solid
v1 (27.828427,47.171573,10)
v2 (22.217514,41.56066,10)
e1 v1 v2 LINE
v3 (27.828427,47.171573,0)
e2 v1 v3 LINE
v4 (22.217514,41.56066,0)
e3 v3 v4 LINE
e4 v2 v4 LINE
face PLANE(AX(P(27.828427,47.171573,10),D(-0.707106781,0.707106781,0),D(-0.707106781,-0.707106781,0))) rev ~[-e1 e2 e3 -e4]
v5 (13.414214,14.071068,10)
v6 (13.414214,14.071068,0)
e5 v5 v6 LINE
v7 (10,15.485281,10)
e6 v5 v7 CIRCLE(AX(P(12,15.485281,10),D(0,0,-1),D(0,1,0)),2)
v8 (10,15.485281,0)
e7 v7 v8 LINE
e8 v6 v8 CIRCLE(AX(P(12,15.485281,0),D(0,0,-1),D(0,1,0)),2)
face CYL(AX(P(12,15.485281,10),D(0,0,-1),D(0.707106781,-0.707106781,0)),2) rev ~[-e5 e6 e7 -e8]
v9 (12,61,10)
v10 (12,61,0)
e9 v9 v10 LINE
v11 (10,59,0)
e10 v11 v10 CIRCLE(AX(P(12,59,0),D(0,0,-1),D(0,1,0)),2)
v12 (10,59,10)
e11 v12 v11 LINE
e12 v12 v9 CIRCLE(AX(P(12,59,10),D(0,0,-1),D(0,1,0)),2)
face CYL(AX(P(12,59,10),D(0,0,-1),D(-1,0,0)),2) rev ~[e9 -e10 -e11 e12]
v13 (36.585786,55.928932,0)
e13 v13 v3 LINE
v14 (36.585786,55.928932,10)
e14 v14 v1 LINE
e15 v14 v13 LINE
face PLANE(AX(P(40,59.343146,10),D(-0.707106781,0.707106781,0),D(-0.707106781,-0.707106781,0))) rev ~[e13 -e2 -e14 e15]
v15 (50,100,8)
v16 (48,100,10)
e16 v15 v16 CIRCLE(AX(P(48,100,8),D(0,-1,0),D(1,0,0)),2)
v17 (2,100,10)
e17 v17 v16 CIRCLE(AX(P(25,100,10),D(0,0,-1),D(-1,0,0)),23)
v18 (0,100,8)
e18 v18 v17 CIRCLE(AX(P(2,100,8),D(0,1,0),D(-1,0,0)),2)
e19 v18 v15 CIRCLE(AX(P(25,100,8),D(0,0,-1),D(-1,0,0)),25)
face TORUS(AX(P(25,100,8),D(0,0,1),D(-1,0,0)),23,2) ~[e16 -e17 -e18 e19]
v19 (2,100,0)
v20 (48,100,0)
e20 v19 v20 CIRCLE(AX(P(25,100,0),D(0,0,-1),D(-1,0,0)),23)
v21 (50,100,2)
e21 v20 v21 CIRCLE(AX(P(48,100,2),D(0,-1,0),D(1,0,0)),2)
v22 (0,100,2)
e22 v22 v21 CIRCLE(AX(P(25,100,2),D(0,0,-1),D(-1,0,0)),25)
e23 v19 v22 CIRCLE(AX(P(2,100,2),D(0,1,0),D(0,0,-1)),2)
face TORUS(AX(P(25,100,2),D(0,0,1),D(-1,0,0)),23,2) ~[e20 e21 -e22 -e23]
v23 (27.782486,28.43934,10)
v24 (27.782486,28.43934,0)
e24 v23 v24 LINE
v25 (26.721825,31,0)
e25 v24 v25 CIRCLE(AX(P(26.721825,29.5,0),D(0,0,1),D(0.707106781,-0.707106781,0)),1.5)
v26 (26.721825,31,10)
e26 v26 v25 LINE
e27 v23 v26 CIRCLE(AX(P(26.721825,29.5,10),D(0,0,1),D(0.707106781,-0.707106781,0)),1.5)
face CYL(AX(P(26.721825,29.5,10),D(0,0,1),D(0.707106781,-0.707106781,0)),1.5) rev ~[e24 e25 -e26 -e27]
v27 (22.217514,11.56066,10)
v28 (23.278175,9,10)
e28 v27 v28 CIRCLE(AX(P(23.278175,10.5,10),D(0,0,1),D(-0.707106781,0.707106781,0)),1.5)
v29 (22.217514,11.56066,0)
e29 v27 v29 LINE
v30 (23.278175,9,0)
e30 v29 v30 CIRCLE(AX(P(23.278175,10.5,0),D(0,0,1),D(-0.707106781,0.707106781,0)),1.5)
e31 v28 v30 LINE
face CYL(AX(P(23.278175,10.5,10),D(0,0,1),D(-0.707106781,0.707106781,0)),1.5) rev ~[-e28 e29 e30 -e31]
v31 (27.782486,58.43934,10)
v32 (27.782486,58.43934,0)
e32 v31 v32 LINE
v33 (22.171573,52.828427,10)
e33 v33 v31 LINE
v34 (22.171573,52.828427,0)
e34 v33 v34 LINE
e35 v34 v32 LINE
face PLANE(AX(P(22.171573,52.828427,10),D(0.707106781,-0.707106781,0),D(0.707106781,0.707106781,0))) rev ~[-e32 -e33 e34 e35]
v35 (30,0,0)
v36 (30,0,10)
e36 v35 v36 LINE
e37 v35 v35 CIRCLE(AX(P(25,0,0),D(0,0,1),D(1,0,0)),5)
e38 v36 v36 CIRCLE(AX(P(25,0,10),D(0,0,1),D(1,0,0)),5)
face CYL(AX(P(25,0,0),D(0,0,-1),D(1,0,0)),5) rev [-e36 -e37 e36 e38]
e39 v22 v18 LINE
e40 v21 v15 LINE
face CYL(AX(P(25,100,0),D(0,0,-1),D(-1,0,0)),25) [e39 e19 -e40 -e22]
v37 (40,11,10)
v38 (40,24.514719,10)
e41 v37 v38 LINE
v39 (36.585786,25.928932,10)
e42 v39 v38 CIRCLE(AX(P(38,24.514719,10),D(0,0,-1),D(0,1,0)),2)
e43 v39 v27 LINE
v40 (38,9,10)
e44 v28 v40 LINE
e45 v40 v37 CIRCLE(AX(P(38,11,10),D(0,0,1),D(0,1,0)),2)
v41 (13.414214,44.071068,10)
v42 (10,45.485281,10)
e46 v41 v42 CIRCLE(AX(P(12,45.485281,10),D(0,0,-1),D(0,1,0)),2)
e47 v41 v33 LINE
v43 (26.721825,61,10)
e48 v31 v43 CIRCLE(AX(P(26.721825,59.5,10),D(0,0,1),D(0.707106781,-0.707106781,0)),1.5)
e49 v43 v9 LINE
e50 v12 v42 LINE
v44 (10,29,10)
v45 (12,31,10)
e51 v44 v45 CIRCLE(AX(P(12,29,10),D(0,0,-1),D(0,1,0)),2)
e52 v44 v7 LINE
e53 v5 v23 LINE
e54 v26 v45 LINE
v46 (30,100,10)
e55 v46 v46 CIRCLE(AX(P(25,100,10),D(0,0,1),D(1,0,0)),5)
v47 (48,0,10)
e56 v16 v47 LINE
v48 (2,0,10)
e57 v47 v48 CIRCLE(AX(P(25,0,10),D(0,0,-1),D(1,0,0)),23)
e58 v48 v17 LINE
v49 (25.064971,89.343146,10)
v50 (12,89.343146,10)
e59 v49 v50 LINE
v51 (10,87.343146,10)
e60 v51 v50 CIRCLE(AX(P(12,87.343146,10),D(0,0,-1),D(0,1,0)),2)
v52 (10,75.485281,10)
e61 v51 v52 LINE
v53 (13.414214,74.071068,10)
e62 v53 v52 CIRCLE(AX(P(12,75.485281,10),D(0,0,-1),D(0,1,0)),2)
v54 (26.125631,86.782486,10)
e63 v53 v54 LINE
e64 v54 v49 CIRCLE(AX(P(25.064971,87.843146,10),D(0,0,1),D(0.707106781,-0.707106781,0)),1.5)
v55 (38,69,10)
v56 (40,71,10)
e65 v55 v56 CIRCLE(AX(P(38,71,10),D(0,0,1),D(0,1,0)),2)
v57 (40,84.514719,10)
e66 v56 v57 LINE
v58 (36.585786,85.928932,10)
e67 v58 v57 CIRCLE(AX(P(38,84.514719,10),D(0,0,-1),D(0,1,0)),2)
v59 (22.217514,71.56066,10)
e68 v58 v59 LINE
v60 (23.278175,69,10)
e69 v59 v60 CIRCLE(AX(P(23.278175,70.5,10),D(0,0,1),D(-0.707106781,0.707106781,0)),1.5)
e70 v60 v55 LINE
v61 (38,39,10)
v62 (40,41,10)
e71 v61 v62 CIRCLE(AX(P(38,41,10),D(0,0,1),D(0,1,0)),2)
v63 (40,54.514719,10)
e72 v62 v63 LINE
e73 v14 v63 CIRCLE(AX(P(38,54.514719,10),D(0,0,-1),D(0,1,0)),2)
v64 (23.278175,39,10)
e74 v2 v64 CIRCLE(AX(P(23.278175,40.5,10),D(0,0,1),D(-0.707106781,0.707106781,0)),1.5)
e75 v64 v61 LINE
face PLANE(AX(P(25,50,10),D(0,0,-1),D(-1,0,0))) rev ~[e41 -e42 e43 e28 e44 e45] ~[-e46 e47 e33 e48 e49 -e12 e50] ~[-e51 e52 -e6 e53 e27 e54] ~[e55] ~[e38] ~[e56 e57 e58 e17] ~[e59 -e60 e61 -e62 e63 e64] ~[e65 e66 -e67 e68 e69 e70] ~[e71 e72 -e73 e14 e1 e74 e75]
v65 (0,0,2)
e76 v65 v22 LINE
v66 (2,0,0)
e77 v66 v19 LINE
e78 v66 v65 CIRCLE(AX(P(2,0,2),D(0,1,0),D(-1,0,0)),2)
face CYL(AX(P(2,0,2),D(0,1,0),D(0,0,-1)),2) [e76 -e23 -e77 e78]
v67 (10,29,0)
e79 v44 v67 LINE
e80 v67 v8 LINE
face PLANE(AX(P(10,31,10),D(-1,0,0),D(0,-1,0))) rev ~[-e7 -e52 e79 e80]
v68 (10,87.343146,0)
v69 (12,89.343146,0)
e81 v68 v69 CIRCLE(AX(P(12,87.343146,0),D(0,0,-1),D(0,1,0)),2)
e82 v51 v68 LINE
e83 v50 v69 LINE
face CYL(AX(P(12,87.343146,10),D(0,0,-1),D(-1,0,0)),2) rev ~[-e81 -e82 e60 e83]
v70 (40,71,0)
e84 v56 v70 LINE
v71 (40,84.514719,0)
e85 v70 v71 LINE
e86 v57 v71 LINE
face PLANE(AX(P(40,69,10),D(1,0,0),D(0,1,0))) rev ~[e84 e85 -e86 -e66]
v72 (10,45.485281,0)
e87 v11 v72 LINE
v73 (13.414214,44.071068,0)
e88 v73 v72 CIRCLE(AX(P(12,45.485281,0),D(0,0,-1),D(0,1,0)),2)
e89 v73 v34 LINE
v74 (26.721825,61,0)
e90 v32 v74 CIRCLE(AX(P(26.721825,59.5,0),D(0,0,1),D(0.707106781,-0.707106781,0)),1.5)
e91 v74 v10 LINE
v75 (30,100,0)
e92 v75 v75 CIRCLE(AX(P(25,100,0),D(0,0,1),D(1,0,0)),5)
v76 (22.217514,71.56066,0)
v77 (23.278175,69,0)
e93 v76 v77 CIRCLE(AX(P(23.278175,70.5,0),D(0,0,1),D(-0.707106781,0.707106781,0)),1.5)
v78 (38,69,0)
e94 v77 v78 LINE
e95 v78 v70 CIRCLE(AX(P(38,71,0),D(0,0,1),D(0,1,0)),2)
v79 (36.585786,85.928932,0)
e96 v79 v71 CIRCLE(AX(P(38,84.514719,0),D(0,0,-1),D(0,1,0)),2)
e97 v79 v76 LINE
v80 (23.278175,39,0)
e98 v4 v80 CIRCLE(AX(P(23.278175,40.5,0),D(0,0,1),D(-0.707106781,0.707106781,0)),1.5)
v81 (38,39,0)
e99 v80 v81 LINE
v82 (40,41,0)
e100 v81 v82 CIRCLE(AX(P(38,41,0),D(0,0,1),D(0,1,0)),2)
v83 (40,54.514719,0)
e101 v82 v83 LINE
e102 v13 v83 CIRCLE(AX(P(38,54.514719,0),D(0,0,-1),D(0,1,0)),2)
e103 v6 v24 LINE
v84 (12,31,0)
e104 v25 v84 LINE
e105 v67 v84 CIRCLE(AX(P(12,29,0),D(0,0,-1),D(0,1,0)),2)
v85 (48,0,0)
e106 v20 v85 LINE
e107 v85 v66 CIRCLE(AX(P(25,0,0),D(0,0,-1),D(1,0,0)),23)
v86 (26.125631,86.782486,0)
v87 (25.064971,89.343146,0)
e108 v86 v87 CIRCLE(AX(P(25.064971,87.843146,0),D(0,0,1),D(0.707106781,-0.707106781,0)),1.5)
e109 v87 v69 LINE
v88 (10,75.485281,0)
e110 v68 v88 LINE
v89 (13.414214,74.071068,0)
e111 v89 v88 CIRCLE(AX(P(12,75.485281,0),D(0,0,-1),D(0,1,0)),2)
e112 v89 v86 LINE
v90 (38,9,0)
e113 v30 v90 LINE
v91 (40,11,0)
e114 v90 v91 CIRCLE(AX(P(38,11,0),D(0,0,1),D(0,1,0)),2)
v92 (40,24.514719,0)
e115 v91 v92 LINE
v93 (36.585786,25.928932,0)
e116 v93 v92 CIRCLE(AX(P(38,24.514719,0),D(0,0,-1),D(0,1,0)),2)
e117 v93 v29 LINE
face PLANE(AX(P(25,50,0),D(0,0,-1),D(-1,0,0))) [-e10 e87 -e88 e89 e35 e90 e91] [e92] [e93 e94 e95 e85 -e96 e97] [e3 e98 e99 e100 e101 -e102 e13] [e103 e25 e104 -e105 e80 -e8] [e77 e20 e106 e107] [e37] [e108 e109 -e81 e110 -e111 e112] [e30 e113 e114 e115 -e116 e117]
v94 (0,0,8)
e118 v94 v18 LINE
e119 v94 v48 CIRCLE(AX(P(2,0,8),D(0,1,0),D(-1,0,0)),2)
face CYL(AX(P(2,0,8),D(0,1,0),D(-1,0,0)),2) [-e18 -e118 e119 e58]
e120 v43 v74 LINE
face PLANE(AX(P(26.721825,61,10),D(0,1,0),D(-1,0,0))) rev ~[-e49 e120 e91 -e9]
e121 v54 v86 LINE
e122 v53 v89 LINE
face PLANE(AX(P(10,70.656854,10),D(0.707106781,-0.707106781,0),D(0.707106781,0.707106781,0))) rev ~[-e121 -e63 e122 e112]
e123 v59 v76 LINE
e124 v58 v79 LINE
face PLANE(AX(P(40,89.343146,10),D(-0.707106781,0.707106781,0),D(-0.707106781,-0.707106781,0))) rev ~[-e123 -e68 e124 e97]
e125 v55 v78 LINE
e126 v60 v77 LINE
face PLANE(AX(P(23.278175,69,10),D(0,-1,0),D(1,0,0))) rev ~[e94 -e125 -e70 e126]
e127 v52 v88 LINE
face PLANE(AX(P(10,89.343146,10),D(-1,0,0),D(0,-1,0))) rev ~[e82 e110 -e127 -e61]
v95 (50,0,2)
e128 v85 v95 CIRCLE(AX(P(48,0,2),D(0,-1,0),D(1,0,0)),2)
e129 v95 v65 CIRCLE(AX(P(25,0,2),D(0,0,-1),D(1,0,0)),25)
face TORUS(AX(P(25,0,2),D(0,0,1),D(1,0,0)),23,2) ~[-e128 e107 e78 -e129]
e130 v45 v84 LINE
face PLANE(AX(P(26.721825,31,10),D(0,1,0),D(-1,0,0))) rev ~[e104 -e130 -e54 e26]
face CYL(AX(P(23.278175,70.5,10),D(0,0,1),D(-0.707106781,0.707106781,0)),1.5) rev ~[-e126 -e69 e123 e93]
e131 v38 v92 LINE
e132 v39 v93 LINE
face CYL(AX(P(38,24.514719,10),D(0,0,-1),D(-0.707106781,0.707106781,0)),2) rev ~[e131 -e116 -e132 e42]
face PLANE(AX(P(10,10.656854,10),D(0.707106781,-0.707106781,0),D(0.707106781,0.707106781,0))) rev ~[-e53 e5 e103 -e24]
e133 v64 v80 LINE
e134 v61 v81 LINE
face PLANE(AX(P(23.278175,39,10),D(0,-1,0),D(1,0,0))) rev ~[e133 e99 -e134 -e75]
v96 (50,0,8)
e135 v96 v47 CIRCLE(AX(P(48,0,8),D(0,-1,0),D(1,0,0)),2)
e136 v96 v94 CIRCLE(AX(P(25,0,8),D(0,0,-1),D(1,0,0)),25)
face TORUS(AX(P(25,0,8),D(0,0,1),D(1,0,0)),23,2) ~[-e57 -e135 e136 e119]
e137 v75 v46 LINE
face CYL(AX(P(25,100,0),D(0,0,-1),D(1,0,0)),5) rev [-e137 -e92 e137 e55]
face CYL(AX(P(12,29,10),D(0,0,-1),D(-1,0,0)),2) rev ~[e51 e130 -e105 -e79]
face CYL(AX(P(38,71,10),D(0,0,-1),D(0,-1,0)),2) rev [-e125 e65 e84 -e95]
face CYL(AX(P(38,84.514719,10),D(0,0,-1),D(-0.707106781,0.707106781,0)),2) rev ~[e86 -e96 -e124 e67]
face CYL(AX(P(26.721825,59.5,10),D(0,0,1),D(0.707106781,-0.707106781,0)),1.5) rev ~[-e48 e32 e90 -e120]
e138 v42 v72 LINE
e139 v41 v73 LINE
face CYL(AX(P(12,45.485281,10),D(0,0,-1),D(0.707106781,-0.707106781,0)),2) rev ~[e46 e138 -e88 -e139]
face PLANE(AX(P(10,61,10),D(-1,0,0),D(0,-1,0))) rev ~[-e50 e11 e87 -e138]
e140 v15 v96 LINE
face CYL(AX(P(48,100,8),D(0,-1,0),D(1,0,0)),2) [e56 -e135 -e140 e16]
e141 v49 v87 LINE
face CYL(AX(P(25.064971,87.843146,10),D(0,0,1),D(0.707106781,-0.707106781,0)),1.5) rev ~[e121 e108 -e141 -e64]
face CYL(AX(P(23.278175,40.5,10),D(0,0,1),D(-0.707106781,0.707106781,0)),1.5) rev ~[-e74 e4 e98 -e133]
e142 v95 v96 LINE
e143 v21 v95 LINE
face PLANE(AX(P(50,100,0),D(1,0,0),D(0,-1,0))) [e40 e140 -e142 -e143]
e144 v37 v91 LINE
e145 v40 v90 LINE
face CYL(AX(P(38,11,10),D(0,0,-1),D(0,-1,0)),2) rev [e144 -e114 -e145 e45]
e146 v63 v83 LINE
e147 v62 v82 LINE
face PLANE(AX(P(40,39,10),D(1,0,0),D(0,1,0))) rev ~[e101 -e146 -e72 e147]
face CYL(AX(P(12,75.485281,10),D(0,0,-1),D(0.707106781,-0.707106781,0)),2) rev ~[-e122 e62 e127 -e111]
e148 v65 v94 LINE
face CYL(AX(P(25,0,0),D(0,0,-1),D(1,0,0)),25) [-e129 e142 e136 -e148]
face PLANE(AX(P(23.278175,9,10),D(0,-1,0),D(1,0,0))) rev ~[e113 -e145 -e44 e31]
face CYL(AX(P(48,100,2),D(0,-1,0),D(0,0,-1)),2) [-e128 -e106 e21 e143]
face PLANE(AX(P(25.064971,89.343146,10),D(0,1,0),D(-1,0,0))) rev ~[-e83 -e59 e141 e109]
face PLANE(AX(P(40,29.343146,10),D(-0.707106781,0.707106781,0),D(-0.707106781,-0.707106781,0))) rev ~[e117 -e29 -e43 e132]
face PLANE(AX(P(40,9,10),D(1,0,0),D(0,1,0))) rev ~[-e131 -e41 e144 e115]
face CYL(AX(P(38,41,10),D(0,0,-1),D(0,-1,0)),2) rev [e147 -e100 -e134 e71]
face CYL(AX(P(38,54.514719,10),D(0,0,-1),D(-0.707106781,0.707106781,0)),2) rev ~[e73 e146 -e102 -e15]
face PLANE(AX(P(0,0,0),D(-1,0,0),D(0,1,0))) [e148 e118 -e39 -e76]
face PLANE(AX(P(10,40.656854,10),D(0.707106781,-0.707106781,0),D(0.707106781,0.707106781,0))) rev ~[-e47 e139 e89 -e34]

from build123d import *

# Parameters (mm, degrees)
SKETCH1_R           = 5
BOSS_EXTRUDE1_DEPTH = 10
CUT_EXTRUDE2_DEPTH  = 10
FILLET1_R           = 2
FILLET2_R           = 2


with BuildPart() as part:
    # Sketch1 → Boss-Extrude1 (new body)
    # profile 1 of 2: a face of its own
    with BuildSketch(Plane.XY):
        with BuildLine():
            Line((0, 0), (0, 100))
            ThreePointArc((0, 100), (25, 125), (50, 100))
            Line((50, 100), (50, 0))
            ThreePointArc((50, 0), (25, -25), (0, 0))
        make_face()
        with BuildLine():
            ThreePointArc((15, 0), (25, -10), (35, 0))
            Line((35, 0), (35, 100))
            ThreePointArc((35, 100), (25, 110), (15, 100))
            Line((15, 100), (15, 0))
        make_face(mode=Mode.SUBTRACT)
    # profile 2 of 2: a face of its own
    with BuildSketch(Plane.XY):
        with BuildLine():
            Line((15, 0), (15, 100))
            ThreePointArc((15, 100), (25, 110), (35, 100))
            Line((35, 100), (35, 0))
            ThreePointArc((35, 0), (25, -10), (15, 0))
        make_face()
        with Locations((25, 0)):
            Circle(SKETCH1_R, mode=Mode.SUBTRACT)
        with Locations((25, 100)):
            Circle(SKETCH1_R, mode=Mode.SUBTRACT)
    extrude(amount=BOSS_EXTRUDE1_DEPTH)

    # Sketch2 → Cut-Extrude2 (cut)
    with BuildSketch(Plane.XY.offset(10)):
        with BuildLine():
            Line((25.064971157, 89.343145751), (10, 89.343145751))
            Line((10, 89.343145751), (10, 70.656854249))
            Line((10, 70.656854249), (26.125631329, 86.782485579))
            ThreePointArc((26.125631329, 86.782485579), (26.450790456, 88.417170899), (25.064971157, 89.343145751))
        make_face()
        with BuildLine():
            Line((40, 69), (40, 89.343145751))
            Line((40, 89.343145751), (22.217514421, 71.560660172))
            ThreePointArc((22.217514421, 71.560660172), (21.892355294, 69.925974851), (23.278174593, 69))
            Line((23.278174593, 69), (40, 69))
        make_face()
        with BuildLine():
            Line((26.721825407, 61), (10, 61))
            Line((10, 61), (10, 40.65685425))
            Line((10, 40.65685425), (22.171572875, 52.828427125))
            Line((22.171572875, 52.828427125), (27.782485579, 58.439339828))
            ThreePointArc((27.782485579, 58.439339828), (28.107644706, 60.074025149), (26.721825407, 61))
        make_face()
        with BuildLine():
            Line((40, 39), (40, 59.343145751))
            Line((40, 59.343145751), (27.828427125, 47.171572875))
            Line((27.828427125, 47.171572875), (22.217514421, 41.560660172))
            ThreePointArc((22.217514421, 41.560660172), (21.892355294, 39.925974852), (23.278174593, 39))
            Line((23.278174593, 39), (40, 39))
        make_face()
        with BuildLine():
            Line((26.721825408, 31.000000001), (10, 31.000000001))
            Line((10, 31.000000001), (10, 10.656854249))
            Line((10, 10.656854249), (27.782485579, 28.439339829))
            ThreePointArc((27.782485579, 28.439339829), (28.107644706, 30.074025149), (26.721825408, 31.000000001))
        make_face()
        with BuildLine():
            Line((40, 9), (40, 29.34314575))
            Line((40, 29.34314575), (22.217514422, 11.560660171))
            ThreePointArc((22.217514422, 11.560660171), (21.892355295, 9.925974851), (23.278174594, 9))
            Line((23.278174594, 9), (40, 9))
        make_face()
    extrude(amount=-CUT_EXTRUDE2_DEPTH, mode=Mode.SUBTRACT)

    # Fillet1
    fillet1_edges = [part.edges().sort_by_distance(p)[0] for p in [
        (10, 10.656854249, 5),
        (10, 31.000000001, 5),
        (40, 59.343145751, 5),
        (40, 39, 5),
        (10, 40.65685425, 5),
        (10, 61, 5),
        (40, 89.343145751, 5),
        (40, 69, 5),
        (40, 29.34314575, 5),
        (40, 9, 5),
        (10, 70.656854249, 5),
        (10, 89.343145751, 5),
    ]]
    fillet(fillet1_edges, radius=FILLET1_R)

    # Fillet2
    fillet2_edges = [part.edges().sort_by_distance(p)[0] for p in [
        (25, -25, 0),
        (0, 50, 0),
        (25, -25, 10),
        (50, 50, 10),
        (25, 125, 10),
        (0, 50, 10),
        (25, 125, 0),
        (50, 50, 0),
    ]]
    fillet(fillet2_edges, radius=FILLET2_R)


solid = part.part
